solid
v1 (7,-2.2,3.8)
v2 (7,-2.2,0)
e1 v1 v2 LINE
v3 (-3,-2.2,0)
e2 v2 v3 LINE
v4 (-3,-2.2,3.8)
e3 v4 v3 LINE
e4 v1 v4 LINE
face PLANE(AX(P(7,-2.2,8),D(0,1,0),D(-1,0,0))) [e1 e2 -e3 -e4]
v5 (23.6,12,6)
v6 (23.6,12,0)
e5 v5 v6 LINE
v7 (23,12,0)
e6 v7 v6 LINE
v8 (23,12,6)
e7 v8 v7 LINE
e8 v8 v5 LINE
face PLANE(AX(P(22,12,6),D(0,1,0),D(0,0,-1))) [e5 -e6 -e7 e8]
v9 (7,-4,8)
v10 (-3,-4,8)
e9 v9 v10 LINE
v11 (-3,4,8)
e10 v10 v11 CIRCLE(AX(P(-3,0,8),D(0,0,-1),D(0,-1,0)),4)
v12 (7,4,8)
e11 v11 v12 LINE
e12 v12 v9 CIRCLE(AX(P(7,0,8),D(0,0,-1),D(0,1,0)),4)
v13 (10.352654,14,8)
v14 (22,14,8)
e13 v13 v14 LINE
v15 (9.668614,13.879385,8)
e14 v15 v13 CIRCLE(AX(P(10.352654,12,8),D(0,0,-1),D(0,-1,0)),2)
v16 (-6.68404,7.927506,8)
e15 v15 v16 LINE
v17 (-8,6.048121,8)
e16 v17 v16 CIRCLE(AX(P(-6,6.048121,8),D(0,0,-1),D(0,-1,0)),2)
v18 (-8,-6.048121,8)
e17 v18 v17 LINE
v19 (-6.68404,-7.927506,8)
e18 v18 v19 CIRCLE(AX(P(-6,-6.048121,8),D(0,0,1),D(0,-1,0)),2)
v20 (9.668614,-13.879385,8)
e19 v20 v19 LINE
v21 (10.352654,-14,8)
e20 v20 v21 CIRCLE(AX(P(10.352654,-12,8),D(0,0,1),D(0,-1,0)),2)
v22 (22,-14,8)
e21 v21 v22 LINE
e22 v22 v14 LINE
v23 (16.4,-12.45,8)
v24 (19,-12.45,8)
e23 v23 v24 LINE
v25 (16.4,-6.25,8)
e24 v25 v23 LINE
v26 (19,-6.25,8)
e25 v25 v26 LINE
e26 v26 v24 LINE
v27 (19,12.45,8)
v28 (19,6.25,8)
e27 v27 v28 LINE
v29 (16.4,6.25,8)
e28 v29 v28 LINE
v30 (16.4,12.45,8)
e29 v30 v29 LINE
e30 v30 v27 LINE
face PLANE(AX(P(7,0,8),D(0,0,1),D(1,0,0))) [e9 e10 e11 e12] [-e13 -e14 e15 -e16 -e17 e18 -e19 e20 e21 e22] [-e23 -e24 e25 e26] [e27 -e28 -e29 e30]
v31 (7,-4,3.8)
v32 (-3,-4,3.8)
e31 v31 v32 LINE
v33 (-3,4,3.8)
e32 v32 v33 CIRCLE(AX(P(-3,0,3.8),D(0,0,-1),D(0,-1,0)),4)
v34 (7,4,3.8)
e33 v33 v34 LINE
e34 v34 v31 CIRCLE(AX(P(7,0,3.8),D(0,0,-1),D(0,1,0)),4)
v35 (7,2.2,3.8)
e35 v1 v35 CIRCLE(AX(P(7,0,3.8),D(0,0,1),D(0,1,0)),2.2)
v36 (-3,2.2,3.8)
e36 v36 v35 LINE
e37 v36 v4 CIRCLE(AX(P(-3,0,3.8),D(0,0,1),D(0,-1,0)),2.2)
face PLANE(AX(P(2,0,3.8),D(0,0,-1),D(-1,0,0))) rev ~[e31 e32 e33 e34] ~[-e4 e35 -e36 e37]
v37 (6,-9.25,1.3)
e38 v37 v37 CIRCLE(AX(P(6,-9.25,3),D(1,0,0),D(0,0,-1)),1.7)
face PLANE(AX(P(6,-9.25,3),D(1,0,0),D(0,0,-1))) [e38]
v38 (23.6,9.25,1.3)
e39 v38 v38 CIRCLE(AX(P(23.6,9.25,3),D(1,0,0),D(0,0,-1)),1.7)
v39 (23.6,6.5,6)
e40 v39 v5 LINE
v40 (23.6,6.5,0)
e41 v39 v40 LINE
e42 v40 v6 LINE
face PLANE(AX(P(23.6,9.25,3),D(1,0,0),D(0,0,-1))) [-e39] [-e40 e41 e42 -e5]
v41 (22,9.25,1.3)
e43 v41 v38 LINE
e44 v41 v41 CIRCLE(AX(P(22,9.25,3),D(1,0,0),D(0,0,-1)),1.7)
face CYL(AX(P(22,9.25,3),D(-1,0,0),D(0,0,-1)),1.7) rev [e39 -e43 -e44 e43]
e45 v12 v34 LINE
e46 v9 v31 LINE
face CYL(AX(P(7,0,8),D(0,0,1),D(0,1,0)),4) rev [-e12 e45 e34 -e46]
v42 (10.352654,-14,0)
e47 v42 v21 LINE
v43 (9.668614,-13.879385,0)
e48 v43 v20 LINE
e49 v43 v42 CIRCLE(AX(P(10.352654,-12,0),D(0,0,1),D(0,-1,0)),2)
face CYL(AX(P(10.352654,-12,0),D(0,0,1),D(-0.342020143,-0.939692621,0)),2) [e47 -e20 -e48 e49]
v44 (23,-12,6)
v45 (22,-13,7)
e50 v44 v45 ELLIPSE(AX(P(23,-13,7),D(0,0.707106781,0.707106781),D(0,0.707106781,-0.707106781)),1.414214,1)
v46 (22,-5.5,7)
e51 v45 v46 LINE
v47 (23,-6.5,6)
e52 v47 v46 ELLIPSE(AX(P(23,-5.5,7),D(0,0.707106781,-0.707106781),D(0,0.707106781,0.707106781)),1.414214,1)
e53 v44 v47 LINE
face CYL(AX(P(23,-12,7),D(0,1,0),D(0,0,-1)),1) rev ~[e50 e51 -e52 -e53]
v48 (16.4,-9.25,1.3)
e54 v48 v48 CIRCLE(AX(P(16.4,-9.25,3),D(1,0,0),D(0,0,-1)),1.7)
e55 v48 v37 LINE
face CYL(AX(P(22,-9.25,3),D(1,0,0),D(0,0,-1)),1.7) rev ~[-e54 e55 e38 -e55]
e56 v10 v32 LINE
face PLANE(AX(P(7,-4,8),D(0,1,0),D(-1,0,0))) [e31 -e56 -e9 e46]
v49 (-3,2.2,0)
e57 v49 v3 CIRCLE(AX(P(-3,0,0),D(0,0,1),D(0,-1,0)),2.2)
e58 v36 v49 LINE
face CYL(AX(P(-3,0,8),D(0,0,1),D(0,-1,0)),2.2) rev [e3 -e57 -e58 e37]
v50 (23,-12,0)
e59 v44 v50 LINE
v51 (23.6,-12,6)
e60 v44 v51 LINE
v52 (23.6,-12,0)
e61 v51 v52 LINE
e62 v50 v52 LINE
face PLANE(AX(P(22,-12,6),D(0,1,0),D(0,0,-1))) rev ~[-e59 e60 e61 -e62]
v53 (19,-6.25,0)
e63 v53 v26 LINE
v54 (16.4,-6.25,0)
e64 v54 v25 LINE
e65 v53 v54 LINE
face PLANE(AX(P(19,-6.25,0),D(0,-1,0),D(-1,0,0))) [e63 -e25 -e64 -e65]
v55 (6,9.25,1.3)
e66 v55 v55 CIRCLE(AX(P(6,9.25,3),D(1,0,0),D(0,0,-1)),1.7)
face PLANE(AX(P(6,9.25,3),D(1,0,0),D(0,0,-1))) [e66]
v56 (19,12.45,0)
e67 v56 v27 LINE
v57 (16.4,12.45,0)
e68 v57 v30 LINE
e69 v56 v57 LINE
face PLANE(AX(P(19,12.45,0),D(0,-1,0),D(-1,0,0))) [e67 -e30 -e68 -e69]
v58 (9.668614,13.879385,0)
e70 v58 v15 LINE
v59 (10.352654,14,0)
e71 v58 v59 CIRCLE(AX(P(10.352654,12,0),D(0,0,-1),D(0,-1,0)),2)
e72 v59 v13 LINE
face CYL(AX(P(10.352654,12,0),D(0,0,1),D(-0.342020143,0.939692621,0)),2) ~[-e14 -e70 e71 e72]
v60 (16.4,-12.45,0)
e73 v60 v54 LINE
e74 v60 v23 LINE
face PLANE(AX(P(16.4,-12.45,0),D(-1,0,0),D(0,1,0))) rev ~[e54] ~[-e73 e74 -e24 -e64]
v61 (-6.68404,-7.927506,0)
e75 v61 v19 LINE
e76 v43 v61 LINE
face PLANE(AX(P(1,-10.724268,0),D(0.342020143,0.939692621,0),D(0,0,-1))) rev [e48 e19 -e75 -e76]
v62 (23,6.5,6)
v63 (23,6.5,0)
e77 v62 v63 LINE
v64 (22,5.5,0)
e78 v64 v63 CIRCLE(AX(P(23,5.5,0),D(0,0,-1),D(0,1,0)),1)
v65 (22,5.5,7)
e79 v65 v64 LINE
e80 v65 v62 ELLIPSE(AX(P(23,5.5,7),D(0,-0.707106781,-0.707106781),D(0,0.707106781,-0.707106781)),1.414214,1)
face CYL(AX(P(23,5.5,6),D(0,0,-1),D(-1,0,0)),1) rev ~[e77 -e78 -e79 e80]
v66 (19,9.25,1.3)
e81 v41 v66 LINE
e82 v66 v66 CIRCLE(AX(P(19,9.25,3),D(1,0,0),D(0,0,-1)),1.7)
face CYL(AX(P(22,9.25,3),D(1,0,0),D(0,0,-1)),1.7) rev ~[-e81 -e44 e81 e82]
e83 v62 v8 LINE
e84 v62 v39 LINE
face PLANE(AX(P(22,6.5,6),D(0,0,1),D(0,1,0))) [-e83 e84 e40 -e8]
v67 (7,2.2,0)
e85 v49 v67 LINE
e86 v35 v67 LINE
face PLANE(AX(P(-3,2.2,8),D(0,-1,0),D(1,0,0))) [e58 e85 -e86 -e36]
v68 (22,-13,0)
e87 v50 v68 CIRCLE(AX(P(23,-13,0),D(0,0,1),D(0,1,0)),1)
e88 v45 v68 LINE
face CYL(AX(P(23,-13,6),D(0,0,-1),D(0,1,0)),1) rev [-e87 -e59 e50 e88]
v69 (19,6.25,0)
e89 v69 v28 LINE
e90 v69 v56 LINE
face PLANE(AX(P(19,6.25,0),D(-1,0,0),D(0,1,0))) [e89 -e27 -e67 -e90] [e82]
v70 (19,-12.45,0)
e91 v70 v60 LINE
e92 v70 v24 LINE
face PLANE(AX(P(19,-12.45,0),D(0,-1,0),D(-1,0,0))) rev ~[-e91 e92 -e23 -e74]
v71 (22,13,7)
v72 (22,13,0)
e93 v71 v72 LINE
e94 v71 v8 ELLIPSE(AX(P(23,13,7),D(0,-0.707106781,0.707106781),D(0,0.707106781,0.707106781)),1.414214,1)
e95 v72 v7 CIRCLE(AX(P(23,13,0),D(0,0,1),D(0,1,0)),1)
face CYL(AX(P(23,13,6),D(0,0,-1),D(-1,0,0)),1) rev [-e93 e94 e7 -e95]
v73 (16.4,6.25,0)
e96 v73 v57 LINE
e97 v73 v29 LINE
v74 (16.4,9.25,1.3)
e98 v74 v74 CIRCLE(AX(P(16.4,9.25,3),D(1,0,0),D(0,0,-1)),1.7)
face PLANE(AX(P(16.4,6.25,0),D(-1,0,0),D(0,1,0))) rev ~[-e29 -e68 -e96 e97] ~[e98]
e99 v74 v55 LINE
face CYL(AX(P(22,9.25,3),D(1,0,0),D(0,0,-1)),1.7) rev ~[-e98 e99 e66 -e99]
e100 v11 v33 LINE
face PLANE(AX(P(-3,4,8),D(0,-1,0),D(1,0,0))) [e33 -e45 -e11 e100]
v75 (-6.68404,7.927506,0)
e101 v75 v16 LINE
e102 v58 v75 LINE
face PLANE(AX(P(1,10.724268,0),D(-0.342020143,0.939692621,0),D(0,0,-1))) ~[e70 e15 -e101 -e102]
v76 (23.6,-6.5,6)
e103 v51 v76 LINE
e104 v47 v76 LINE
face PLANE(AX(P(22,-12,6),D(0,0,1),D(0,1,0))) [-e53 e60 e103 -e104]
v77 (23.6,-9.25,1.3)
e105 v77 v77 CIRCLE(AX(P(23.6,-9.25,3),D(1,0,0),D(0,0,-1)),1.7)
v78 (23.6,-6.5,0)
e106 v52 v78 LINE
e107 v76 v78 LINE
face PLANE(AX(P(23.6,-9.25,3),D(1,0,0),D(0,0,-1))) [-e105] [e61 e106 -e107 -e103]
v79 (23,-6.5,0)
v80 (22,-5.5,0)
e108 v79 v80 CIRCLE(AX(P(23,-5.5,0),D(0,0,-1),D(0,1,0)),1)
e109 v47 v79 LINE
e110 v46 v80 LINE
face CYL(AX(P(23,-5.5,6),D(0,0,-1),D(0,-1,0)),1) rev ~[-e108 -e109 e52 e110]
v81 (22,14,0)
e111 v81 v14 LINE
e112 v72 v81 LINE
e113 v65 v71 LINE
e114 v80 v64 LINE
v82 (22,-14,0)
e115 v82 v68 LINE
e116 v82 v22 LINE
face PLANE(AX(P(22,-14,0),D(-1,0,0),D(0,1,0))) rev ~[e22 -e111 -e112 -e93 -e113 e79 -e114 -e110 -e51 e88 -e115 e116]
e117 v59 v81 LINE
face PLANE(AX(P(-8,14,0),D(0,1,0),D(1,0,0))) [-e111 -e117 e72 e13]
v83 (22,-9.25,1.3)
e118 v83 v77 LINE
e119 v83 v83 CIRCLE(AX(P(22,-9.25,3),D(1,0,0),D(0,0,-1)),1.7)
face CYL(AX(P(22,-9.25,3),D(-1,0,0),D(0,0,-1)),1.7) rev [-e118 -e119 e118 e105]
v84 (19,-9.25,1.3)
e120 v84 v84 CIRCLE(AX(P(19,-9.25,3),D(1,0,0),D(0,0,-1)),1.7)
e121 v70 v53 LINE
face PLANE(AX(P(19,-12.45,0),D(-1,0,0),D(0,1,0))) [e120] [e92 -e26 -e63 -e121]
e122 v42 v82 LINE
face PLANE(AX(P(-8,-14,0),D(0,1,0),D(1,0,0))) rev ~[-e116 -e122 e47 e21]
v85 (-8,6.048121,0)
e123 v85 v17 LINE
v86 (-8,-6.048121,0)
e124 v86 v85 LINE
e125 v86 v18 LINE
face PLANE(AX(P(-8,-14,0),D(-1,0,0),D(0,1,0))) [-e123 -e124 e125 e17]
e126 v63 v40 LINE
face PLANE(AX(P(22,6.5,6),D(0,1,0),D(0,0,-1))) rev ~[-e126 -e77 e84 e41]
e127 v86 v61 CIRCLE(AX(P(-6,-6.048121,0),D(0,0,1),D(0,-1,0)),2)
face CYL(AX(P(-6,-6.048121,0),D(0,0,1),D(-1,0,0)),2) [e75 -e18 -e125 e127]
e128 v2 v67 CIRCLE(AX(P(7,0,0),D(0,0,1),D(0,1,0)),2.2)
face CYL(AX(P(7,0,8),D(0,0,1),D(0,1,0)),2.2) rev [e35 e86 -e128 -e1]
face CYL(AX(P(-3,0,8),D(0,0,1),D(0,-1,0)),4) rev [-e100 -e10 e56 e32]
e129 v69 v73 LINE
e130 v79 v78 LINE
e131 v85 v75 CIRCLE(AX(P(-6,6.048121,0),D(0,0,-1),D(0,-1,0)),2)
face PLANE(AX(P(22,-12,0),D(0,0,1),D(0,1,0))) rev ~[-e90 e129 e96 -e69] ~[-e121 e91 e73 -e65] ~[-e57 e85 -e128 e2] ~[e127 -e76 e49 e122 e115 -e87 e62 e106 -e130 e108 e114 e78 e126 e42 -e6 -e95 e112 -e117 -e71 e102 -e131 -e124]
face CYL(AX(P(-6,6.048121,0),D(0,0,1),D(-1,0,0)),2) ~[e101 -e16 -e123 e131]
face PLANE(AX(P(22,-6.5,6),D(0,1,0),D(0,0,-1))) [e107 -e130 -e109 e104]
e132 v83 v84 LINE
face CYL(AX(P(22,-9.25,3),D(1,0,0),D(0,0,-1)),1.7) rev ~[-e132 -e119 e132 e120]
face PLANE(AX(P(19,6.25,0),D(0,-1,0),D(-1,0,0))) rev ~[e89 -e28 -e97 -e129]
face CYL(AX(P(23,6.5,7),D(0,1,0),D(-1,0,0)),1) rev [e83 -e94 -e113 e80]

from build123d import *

# Parameters (mm, degrees)
ESQUISSE1_W             = 30
ESQUISSE1_H             = 28
BOSS_EXTRU_1_DEPTH      = 8
ENL_V_MAT_EXTRU_1_DEPTH = 9
ENL_V_MAT_EXTRU_2_DEPTH = 4.2
CHANFREIN1_SIZE         = 18
CHANFREIN1_SIZE2        = 6.551464217
CHANFREIN1_PART_2_SIZE  = 18
CHANFREIN1_PART_2_SIZE2 = 6.551464217
CONG_1_R                = 2
ESQUISSE4_W             = 2.6
ESQUISSE4_H             = 6.2
ENL_V_MAT_EXTRU_3_DEPTH = 9
ESQUISSE5_R             = 1.7
ENL_V_MAT_EXTRU_4_DEPTH = 16
ESQUISSE6_W             = 6
ESQUISSE6_H             = 5.5
ESQUISSE6_R             = 1.7
BOSS_EXTRU_2_DEPTH      = 1.6
CONG_2_R                = 1


with BuildPart() as part:
    # Esquisse1 → Boss.-Extru.1 (new body)
    with BuildSketch(Plane.XY):
        with Locations((7, 0)):
            Rectangle(ESQUISSE1_W, ESQUISSE1_H)
    extrude(amount=BOSS_EXTRU_1_DEPTH)

    # Esquisse2 → Enlèv. mat.-Extru.1 (cut, through all)
    with BuildSketch(Plane.XY.offset(8)):
        with BuildLine():
            Line((-3, 2.2), (7, 2.2))
            ThreePointArc((7, 2.2), (9.2, 0), (7, -2.2))
            Line((7, -2.2), (-3, -2.2))
            ThreePointArc((-3, -2.2), (-5.2, 0), (-3, 2.2))
        make_face()
    extrude(amount=-ENL_V_MAT_EXTRU_1_DEPTH, mode=Mode.SUBTRACT)

    # Esquisse3 → Enlèv. mat.-Extru.2 (cut)
    with BuildSketch(Plane.XY.offset(8)):
        with BuildLine():
            Line((-3, 4), (7, 4))
            ThreePointArc((7, 4), (11, 0), (7, -4))
            Line((7, -4), (-3, -4))
            ThreePointArc((-3, -4), (-7, 0), (-3, 4))
        make_face()
    extrude(amount=-ENL_V_MAT_EXTRU_2_DEPTH, mode=Mode.SUBTRACT)

    # Chanfrein1
    chanfrein1_edges = [part.edges().sort_by_distance(p)[0] for p in [
        (-8, 14, 4),
    ]]
    chanfrein1_side = [part.faces().sort_by_distance(p)[0] for p in [
        (7, 14, 4),
    ]]
    chamfer(chanfrein1_edges, length=CHANFREIN1_SIZE, length2=CHANFREIN1_SIZE2, reference=chanfrein1_side[0])

    # Chanfrein1 part 2
    chanfrein1_part_2_edges = [part.edges().sort_by_distance(p)[0] for p in [
        (-8, -14, 4),
    ]]
    chanfrein1_part_2_side = [part.faces().sort_by_distance(p)[0] for p in [
        (7, -14, 4),
    ]]
    chamfer(chanfrein1_part_2_edges, length=CHANFREIN1_PART_2_SIZE, length2=CHANFREIN1_PART_2_SIZE2, reference=chanfrein1_part_2_side[0])

    # Congé1
    cong_1_edges = [part.edges().sort_by_distance(p)[0] for p in [
        (10, -14, 4),
        (-8, 7.448535783, 4),
        (-8, -7.448535783, 4),
        (10, 14, 4),
    ]]
    fillet(cong_1_edges, radius=CONG_1_R)

    # Esquisse4 → Enlèv. mat.-Extru.3 (cut, through all)
    with BuildSketch(Plane(origin=(0, 0, 0), x_dir=(-1, 0, 0), z_dir=(0, 0, -1))):
        with Locations((-17.7, -9.35)):
            Rectangle(ESQUISSE4_W, ESQUISSE4_H)
        with Locations((-17.7, 9.35)):
            Rectangle(ESQUISSE4_W, ESQUISSE4_H)
    extrude(amount=-ENL_V_MAT_EXTRU_3_DEPTH, mode=Mode.SUBTRACT)

    # Esquisse5 → Enlèv. mat.-Extru.4 (cut)
    with BuildSketch(Plane(origin=(22, 0, 0), x_dir=(0, 0, -1), z_dir=(1, 0, 0))):
        with Locations((-3, 9.25)):
            Circle(ESQUISSE5_R)
        with Locations((-3, -9.25)):
            Circle(ESQUISSE5_R)
    extrude(amount=-ENL_V_MAT_EXTRU_4_DEPTH, mode=Mode.SUBTRACT)

    # Esquisse6 → Boss.-Extru.2 (add)
    with BuildSketch(Plane(origin=(22, 0, 0), x_dir=(0, 0, -1), z_dir=(1, 0, 0))):
        with Locations((-3, -9.25)):
            Rectangle(ESQUISSE6_W, ESQUISSE6_H)
        with Locations((-3, -9.25)):
            Circle(ESQUISSE6_R, mode=Mode.SUBTRACT)
        with Locations((-3, 9.25)):
            Rectangle(ESQUISSE6_W, ESQUISSE6_H)
        with Locations((-3, 9.25)):
            Circle(ESQUISSE6_R, mode=Mode.SUBTRACT)
    extrude(amount=BOSS_EXTRU_2_DEPTH)

    # Congé2
    cong_2_edges = [part.edges().sort_by_distance(p)[0] for p in [
        (22, -12, 3),
        (22, 6.5, 3),
        (22, -9.25, 6),
        (22, -6.5, 3),
        (22, 9.25, 6),
        (22, 12, 3),
    ]]
    fillet(cong_2_edges, radius=CONG_2_R)


solid = part.part
